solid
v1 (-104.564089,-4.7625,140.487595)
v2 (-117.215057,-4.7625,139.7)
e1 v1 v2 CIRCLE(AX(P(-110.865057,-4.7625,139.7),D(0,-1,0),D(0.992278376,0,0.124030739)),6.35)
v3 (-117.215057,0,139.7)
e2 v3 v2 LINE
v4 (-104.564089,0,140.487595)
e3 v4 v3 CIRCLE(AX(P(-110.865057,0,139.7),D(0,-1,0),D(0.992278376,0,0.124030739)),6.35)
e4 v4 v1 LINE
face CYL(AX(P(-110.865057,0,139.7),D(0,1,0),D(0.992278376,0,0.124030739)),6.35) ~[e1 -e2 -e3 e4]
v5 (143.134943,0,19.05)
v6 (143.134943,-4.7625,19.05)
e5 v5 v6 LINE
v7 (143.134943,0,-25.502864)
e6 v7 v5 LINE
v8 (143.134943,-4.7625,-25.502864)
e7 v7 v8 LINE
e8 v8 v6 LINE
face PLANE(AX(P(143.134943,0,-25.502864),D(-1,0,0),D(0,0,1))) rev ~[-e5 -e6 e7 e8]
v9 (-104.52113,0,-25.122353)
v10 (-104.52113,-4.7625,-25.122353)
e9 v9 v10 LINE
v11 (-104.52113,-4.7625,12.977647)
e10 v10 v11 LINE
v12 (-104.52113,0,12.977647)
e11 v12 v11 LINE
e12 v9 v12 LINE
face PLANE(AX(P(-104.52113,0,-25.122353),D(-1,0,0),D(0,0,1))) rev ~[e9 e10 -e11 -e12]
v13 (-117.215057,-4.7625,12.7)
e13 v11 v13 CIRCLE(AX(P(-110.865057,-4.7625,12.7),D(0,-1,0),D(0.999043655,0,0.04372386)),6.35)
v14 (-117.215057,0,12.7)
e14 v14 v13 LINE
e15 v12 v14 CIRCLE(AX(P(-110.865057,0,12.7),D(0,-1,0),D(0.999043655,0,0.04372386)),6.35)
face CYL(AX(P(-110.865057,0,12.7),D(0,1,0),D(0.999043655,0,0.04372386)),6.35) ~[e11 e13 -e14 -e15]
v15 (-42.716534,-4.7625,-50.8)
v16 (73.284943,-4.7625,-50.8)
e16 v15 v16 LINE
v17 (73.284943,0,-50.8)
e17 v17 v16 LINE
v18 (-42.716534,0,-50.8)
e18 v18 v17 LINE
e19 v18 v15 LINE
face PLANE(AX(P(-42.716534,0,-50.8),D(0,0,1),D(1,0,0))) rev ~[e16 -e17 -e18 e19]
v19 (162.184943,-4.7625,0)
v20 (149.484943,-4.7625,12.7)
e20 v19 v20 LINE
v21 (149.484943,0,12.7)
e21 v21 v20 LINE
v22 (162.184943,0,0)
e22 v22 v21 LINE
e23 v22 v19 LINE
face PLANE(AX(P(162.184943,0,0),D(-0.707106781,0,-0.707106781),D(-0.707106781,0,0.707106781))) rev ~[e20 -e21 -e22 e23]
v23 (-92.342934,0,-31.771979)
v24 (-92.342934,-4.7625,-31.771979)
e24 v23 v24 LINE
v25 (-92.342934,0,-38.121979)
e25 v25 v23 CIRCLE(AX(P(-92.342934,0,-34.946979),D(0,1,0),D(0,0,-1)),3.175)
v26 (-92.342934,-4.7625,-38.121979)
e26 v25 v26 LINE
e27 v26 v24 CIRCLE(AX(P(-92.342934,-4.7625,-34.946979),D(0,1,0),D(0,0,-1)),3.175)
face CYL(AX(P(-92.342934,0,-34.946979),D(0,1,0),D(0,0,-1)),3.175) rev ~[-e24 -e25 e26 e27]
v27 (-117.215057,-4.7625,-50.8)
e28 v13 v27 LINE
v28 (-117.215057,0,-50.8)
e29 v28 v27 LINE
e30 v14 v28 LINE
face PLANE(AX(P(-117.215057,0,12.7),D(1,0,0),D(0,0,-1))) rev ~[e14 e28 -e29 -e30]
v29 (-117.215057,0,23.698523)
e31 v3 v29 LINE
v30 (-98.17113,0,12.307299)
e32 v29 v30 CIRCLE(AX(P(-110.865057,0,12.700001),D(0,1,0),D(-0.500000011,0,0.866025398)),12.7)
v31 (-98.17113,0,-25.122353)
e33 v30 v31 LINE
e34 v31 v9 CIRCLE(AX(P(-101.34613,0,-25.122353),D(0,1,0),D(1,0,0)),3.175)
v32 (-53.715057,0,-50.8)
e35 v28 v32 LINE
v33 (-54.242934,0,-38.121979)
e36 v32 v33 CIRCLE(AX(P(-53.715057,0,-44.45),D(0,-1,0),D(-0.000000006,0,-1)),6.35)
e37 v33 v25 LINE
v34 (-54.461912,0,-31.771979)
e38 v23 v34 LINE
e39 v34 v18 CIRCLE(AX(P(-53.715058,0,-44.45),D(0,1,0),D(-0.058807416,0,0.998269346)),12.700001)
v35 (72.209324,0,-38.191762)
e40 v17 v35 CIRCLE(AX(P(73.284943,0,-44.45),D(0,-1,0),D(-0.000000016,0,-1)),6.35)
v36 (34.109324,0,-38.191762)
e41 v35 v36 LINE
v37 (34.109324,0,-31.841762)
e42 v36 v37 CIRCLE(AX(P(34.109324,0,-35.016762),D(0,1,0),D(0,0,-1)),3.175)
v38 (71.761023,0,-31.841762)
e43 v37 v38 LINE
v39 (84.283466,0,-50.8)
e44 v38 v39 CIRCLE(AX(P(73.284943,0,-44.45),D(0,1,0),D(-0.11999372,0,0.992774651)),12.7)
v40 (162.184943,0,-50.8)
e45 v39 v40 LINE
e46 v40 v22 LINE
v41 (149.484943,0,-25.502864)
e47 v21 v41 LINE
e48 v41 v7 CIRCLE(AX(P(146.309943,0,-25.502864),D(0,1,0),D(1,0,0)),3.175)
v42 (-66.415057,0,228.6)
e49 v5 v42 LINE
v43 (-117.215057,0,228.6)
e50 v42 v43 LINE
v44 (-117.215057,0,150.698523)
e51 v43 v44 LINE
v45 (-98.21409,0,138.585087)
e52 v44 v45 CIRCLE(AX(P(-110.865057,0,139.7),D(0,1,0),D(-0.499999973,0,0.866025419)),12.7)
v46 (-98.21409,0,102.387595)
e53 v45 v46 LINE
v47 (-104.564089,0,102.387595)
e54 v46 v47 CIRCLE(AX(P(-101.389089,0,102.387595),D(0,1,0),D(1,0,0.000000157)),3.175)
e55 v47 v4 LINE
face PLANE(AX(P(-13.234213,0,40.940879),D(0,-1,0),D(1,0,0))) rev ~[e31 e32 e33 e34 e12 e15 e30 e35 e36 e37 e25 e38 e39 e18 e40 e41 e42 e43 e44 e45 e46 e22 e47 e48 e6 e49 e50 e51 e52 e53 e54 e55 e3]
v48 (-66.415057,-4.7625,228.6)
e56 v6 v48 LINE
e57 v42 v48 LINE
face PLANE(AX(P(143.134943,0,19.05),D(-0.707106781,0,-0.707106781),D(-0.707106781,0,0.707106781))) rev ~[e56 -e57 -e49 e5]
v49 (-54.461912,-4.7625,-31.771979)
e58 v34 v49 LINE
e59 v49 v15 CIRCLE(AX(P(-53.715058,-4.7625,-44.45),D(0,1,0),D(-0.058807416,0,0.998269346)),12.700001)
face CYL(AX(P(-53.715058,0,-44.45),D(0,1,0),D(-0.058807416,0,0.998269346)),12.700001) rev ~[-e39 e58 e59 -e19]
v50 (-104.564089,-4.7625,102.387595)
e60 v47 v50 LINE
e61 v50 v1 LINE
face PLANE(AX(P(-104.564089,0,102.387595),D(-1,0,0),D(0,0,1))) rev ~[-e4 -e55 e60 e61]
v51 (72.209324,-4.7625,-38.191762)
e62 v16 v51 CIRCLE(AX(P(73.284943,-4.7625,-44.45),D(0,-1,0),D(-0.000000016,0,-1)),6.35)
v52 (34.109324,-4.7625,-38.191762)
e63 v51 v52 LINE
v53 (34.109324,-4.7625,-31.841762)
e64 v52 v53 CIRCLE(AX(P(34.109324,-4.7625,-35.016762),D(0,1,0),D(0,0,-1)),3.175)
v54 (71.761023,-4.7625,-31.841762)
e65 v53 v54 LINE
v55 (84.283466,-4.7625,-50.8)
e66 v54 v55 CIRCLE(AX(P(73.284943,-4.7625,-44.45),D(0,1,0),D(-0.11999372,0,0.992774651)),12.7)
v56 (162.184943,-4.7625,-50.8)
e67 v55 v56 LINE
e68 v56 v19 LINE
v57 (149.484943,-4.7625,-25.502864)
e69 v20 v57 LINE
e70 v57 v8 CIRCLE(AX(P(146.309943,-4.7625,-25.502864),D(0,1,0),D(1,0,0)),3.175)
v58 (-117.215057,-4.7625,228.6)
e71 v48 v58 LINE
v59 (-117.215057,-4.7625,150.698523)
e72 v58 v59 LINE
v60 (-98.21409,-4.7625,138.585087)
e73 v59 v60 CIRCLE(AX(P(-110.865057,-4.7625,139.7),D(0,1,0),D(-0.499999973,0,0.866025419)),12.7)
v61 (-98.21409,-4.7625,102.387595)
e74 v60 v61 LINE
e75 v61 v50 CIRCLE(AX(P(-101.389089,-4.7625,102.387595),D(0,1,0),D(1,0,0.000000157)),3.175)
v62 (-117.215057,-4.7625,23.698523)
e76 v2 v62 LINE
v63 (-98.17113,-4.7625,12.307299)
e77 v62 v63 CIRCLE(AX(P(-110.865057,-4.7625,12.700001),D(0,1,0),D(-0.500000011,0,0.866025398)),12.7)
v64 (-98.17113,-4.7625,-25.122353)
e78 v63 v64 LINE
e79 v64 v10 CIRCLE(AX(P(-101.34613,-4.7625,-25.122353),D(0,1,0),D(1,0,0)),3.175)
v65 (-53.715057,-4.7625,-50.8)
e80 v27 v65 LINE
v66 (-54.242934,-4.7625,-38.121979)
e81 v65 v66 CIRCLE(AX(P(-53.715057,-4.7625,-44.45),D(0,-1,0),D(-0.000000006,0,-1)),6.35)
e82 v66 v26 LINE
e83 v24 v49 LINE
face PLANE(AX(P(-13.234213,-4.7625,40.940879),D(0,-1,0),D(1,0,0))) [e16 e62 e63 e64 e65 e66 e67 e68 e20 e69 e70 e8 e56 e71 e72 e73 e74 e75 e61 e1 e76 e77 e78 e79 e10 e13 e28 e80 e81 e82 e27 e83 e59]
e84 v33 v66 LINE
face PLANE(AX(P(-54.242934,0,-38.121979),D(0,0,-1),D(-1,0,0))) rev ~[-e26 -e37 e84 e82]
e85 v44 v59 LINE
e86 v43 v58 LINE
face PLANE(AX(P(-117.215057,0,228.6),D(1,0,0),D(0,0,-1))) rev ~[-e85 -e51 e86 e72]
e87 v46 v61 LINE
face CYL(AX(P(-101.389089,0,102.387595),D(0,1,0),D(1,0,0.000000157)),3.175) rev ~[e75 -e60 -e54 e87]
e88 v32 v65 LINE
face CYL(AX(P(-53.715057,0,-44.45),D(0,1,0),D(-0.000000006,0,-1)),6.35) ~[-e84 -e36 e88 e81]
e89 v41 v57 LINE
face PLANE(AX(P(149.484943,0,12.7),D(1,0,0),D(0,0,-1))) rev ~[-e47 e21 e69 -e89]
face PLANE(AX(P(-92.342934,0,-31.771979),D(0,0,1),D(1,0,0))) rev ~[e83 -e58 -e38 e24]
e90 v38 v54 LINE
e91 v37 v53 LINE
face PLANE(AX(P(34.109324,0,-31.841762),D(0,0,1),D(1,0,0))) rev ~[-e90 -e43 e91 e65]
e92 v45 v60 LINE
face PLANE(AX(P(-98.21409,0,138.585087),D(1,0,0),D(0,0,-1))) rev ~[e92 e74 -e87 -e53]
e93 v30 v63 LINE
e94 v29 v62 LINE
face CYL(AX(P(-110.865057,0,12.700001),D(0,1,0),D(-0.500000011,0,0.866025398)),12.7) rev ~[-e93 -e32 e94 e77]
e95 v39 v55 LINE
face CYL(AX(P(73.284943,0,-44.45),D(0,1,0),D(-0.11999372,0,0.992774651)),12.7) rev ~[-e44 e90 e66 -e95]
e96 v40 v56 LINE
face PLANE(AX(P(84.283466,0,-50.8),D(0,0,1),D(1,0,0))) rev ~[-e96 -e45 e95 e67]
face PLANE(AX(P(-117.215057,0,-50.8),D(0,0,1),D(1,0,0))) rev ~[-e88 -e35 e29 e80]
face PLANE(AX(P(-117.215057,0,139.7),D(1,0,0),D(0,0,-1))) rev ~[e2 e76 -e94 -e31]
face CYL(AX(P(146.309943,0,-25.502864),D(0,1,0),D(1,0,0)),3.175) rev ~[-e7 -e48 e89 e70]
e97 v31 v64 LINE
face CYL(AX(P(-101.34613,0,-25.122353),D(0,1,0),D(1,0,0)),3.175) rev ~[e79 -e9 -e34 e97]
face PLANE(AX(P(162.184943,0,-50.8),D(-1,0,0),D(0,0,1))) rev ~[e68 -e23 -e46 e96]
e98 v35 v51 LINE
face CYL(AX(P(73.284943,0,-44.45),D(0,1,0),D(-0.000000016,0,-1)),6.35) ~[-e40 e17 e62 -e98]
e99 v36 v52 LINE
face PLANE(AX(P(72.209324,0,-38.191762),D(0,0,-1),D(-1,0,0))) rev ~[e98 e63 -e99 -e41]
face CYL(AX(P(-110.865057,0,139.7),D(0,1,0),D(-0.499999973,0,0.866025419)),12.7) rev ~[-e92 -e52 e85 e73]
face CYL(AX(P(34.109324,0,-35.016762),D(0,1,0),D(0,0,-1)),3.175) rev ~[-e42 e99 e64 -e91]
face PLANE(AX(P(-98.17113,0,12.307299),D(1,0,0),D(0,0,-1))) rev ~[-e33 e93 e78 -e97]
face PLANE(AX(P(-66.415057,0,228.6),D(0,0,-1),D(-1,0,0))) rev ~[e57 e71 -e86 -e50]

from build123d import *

# Parameters (mm, degrees)
F1_DEPTH = 4.7625


with BuildPart() as f1:
    # F0 (on Front) → F1 (new body)
    with BuildSketch(Plane.XZ):
        with BuildLine():
            Line((-66.415057, 228.6), (-117.215057, 228.6))
            Line((-117.215057, 228.6), (-117.215057, 150.698523))
            ThreePointArc((-117.215057, 150.698523), (-104.037951, 150.408904), (-98.21409, 138.585087))
            Line((-98.21409, 138.585087), (-98.21409, 102.387595))
            ThreePointArc((-98.21409, 102.387595), (-101.38909, 99.212595), (-104.564089, 102.387595))
            Line((-104.564089, 102.387595), (-104.564089, 138.912405))
            Line((-104.564089, 138.912405), (-104.564089, 140.487595))
            ThreePointArc((-104.564089, 140.487595), (-111.259617, 146.03773), (-117.215057, 139.7))
            Line((-117.215057, 139.7), (-117.215057, 23.698523))
            ThreePointArc((-117.215057, 23.698523), (-104.345751, 23.599021), (-98.17113, 12.307299))
            Line((-98.17113, 12.307299), (-98.17113, -25.122353))
            ThreePointArc((-98.17113, -25.122353), (-101.34613, -28.297353), (-104.52113, -25.122353))
            Line((-104.52113, -25.122353), (-104.52113, 12.422353))
            Line((-104.52113, 12.422353), (-104.52113, 12.977647))
            ThreePointArc((-104.52113, 12.977647), (-111.003914, 19.048482), (-117.215057, 12.7))
            Line((-117.215057, 12.7), (-117.215057, -50.8))
            Line((-117.215057, -50.8), (-53.715057, -50.8))
            ThreePointArc((-53.715057, -50.8), (-47.370554, -44.185833), (-54.242934, -38.121979))
            Line((-54.242934, -38.121979), (-92.342934, -38.121979))
            ThreePointArc((-92.342934, -38.121979), (-95.517934, -34.946979), (-92.342934, -31.771979))
            Line((-92.342934, -31.771979), (-54.461912, -31.771979))
            ThreePointArc((-54.461912, -31.771979), (-42.908089, -37.77921), (-42.716534, -50.8))
            Line((-42.716534, -50.8), (73.284943, -50.8))
            ThreePointArc((73.284943, -50.8), (79.611961, -43.910237), (72.209324, -38.191762))
            Line((72.209324, -38.191762), (34.109324, -38.191762))
            ThreePointArc((34.109324, -38.191762), (30.934324, -35.016762), (34.109324, -31.841762))
            Line((34.109324, -31.841762), (71.761023, -31.841762))
            ThreePointArc((71.761023, -31.841762), (83.881911, -37.450409), (84.283466, -50.8))
            Line((84.283466, -50.8), (162.184943, -50.8))
            Line((162.184943, -50.8), (162.184943, 0))
            Line((162.184943, 0), (149.484943, 12.7))
            Line((149.484943, 12.7), (149.484943, -25.502864))
            ThreePointArc((149.484943, -25.502864), (146.309943, -28.677864), (143.134943, -25.502864))
            Line((143.134943, -25.502864), (143.134943, 19.05))
            Line((143.134943, 19.05), (-66.415057, 228.6))
        make_face()
    extrude(amount=F1_DEPTH)


solid = f1.part
